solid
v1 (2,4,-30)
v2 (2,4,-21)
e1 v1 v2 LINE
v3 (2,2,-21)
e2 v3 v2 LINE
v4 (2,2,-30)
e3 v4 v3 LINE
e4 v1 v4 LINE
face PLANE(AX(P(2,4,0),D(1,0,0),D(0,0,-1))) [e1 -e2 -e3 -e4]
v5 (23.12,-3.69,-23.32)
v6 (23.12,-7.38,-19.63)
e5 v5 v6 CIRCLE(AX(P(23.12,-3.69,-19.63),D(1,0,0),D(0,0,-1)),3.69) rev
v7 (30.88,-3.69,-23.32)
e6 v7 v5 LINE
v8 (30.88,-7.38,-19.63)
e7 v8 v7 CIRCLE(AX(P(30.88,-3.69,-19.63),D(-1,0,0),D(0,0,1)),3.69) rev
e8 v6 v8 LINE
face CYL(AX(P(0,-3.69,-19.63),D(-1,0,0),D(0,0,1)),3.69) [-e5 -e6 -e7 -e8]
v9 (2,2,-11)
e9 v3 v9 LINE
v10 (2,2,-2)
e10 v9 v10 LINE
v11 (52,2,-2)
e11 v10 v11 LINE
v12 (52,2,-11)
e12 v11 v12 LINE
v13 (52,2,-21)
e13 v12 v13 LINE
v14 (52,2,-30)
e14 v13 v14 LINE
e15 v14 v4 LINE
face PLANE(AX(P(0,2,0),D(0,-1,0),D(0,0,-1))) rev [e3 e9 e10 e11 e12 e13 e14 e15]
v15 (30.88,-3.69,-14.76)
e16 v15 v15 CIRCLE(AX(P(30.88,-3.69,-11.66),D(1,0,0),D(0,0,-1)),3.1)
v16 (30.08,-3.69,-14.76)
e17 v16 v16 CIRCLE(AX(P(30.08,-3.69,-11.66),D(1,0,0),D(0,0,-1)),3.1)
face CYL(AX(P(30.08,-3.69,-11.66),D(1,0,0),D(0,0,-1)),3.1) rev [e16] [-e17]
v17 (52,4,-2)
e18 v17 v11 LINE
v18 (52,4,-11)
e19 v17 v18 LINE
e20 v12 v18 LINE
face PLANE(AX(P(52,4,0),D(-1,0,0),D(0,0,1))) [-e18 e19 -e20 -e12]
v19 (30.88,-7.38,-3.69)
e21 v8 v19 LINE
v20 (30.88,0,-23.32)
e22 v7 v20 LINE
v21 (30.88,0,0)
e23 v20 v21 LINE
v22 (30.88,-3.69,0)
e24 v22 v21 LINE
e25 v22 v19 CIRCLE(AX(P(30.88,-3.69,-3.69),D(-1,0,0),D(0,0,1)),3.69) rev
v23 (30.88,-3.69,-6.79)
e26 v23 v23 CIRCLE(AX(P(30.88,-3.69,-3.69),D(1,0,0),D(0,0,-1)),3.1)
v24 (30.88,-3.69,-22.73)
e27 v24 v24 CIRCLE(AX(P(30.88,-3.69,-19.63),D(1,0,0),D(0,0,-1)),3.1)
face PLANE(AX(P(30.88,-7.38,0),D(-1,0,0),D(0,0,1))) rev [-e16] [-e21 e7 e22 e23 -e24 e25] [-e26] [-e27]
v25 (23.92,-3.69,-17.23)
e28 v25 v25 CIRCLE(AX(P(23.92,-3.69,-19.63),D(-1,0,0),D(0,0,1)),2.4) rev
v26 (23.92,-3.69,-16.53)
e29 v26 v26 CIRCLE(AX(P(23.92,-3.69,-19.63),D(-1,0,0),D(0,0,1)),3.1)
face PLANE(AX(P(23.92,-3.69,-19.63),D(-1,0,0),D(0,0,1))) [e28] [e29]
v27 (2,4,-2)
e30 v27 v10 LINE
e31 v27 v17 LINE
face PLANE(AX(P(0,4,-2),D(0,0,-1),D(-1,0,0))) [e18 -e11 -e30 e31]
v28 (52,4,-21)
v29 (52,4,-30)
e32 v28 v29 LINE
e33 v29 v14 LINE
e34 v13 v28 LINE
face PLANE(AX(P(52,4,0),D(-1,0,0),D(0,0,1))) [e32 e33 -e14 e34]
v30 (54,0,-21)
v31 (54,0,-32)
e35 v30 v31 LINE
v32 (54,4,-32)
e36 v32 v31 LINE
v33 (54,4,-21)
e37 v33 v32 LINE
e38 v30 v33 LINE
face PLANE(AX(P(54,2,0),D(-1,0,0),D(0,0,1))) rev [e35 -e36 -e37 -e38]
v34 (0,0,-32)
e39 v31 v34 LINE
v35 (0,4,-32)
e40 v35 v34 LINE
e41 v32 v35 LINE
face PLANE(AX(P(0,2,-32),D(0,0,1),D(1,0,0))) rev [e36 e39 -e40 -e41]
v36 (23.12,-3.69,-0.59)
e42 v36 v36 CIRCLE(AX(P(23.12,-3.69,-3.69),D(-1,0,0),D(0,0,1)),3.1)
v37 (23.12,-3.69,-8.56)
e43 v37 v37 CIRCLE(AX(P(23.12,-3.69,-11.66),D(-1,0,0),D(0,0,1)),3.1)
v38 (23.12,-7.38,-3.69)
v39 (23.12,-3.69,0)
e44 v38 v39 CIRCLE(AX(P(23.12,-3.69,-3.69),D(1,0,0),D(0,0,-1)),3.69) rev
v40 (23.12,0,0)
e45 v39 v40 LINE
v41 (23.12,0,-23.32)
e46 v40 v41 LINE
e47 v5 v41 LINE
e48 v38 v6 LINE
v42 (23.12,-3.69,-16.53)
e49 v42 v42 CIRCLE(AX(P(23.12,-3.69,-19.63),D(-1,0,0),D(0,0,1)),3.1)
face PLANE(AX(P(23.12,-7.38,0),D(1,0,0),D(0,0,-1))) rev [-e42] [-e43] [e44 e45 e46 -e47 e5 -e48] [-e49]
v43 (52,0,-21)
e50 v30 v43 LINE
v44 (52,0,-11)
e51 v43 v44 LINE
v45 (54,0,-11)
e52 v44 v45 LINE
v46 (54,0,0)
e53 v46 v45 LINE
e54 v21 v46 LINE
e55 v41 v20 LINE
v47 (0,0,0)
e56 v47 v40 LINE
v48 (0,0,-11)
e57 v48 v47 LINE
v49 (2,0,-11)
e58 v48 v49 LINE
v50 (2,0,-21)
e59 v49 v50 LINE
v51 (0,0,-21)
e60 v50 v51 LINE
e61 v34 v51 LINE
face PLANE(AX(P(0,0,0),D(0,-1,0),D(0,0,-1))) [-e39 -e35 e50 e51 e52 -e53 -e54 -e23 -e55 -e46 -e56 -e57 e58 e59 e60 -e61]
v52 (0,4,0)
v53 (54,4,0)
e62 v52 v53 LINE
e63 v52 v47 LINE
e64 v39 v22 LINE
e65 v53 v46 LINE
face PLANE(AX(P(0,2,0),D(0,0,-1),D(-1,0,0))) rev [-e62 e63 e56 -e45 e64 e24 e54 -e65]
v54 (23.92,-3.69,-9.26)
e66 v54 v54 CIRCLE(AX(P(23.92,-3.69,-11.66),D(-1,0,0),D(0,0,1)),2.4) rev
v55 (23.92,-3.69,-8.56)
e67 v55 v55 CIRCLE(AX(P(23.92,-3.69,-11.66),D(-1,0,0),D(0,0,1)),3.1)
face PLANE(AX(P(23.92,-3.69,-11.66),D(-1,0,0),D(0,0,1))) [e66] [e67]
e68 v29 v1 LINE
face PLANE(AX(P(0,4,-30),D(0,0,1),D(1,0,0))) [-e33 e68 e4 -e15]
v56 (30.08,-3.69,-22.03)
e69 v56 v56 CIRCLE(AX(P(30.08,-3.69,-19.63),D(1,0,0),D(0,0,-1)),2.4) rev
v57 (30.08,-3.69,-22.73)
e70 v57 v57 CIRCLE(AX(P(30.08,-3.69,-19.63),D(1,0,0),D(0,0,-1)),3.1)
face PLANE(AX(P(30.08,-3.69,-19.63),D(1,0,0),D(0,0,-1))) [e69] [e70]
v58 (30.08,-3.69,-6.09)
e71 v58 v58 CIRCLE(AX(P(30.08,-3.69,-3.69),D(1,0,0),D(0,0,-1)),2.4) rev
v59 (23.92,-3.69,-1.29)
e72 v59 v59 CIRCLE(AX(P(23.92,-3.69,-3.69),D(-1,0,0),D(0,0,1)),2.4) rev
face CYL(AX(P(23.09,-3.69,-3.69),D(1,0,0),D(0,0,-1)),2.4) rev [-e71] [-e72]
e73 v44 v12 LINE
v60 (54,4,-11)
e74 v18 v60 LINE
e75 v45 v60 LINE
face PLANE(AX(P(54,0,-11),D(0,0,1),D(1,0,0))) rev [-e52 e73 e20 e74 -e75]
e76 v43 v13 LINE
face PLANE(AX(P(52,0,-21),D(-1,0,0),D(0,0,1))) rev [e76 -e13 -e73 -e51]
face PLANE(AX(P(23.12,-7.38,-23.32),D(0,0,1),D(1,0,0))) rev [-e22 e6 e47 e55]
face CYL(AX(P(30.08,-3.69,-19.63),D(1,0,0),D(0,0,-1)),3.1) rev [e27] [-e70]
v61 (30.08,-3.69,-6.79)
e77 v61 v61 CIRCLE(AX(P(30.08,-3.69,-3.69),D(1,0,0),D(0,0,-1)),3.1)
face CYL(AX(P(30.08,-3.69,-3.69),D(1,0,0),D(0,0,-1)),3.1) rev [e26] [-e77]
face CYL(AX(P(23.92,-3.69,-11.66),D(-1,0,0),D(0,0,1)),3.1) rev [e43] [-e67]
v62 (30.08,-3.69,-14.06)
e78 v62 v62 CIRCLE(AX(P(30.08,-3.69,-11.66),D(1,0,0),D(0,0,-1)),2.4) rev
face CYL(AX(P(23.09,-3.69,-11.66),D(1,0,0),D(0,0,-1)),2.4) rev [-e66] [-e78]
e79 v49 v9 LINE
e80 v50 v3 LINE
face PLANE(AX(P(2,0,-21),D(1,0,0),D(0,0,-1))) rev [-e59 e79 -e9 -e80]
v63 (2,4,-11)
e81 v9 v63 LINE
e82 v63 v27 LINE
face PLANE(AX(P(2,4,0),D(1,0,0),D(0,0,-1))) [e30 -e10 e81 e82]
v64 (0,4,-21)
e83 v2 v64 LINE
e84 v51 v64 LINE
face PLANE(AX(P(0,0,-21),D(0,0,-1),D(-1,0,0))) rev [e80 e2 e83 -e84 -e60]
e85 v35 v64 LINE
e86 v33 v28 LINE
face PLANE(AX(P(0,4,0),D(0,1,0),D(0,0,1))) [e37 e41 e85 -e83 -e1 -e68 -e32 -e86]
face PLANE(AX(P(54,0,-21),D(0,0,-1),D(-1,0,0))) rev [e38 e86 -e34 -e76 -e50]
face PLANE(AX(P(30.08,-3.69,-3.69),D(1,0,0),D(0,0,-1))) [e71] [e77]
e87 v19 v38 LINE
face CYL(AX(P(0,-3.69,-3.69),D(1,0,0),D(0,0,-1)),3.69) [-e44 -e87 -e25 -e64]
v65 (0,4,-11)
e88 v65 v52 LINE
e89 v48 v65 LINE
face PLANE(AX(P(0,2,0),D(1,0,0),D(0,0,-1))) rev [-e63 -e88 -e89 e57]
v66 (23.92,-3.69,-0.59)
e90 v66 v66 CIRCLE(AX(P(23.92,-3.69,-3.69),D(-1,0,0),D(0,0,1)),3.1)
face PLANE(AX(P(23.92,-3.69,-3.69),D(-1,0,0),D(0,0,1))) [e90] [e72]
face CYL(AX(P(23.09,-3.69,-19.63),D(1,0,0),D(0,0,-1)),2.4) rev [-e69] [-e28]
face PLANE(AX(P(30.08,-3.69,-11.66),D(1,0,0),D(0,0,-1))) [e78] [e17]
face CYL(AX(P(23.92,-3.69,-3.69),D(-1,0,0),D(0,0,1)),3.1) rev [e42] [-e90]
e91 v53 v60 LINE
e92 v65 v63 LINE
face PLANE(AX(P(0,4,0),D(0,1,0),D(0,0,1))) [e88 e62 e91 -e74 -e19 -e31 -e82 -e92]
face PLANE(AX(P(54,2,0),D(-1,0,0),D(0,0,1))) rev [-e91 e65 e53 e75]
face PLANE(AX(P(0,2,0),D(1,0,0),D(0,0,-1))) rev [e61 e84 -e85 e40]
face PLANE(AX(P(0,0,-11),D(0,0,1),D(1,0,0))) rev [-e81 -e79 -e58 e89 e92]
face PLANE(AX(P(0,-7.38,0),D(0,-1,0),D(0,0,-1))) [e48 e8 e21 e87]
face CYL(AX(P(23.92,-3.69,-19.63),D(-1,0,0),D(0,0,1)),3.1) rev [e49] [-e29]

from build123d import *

# Parameters (mm, degrees)
SKETCH1_W           = 54
SKETCH1_H           = 32
BOSS_EXTRUDE1_DEPTH = 2
SKETCH2_W           = 54
SKETCH2_H           = 32
SKETCH2_W_2         = 50
SKETCH2_H_2         = 28
BOSS_EXTRUDE2_DEPTH = 2
SKETCH3_W           = 2
SKETCH3_H           = 10
CUT_EXTRUDE1_DEPTH  = 4
SKETCH4_W           = 7.76
SKETCH4_H           = 23.32
BOSS_EXTRUDE3_DEPTH = 7.38
SKETCH5_R           = 2.4
CUT_EXTRUDE2_DEPTH  = 7.79
SKETCH6_R           = 3.1
CUT_EXTRUDE3_DEPTH  = 0.8
CUT_EXTRUDE4_START  = -0.8
SKETCH7_R           = 3.1
CUT_EXTRUDE4_DEPTH  = 0.8
FILLET1_R           = 3.69


with BuildPart() as part:
    # Sketch1 → Boss-Extrude1 (new body)
    with BuildSketch(Plane(origin=(0, 0, 0), x_dir=(1, 0, 0), z_dir=(0, 1, 0))):
        with Locations((27, 16)):
            Rectangle(SKETCH1_W, SKETCH1_H)
    extrude(amount=BOSS_EXTRUDE1_DEPTH)

    # Sketch2 → Boss-Extrude2 (add)
    with BuildSketch(Plane(origin=(0, 2, 0), x_dir=(1, 0, 0), z_dir=(0, 1, 0))):
        with Locations((27, 16)):
            Rectangle(SKETCH2_W, SKETCH2_H)
        with Locations((27, 16)):
            Rectangle(SKETCH2_W_2, SKETCH2_H_2, mode=Mode.SUBTRACT)
    extrude(amount=BOSS_EXTRUDE2_DEPTH)

    # Sketch3 → Cut-Extrude1 (cut)
    with BuildSketch(Plane(origin=(0, 4, 0), x_dir=(1, 0, 0), z_dir=(0, 1, 0))):
        with Locations((1, 16)):
            Rectangle(SKETCH3_W, SKETCH3_H)
        with Locations((53, 16)):
            Rectangle(SKETCH3_W, SKETCH3_H)
    extrude(amount=-CUT_EXTRUDE1_DEPTH, mode=Mode.SUBTRACT)

    # Sketch4 → Boss-Extrude3 (add)
    with BuildSketch(Plane.XZ):
        with Locations((27, -11.66)):
            Rectangle(SKETCH4_W, SKETCH4_H)
    extrude(amount=BOSS_EXTRUDE3_DEPTH)

    # Sketch5 → Cut-Extrude2 (cut)
    with BuildSketch(Plane(origin=(30.88, 0, 0), x_dir=(0, 0, -1), z_dir=(1, 0, 0))):
        with Locations((3.69, -3.69)):
            Circle(SKETCH5_R)
        with Locations((11.66, -3.69)):
            Circle(SKETCH5_R)
        with Locations((19.63, -3.69)):
            Circle(SKETCH5_R)
    extrude(amount=-CUT_EXTRUDE2_DEPTH, mode=Mode.SUBTRACT)

    # Sketch6 → Cut-Extrude3 (cut)
    with BuildSketch(Plane.ZY.offset(-23.12)):
        with Locations((-11.66, -3.69)):
            Circle(SKETCH6_R)
        with Locations((-3.69, -3.69)):
            Circle(SKETCH6_R)
        with Locations((-19.63, -3.69)):
            Circle(SKETCH6_R)
    extrude(amount=-CUT_EXTRUDE3_DEPTH, mode=Mode.SUBTRACT)

    # Sketch7 → Cut-Extrude4 (cut)
    with BuildSketch(Plane(origin=(30.88, 0, 0), x_dir=(0, 0, -1), z_dir=(1, 0, 0)).offset(CUT_EXTRUDE4_START)):
        with Locations(Location((3.69, -3.69, 0), (0, 0, 180))):
            Circle(SKETCH7_R)
        with Locations(Location((11.66, -3.69, 0), (0, 0, 180))):
            Circle(SKETCH7_R)
        with Locations(Location((19.63, -3.69, 0), (0, 0, 180))):
            Circle(SKETCH7_R)
    extrude(amount=CUT_EXTRUDE4_DEPTH, mode=Mode.SUBTRACT)

    # Fillet1
    fillet1_edges = [part.edges().sort_by_distance(p)[0] for p in [
        (27, -7.38, -23.32),
        (27, -7.38, 0),
    ]]
    fillet(fillet1_edges, radius=FILLET1_R)


solid = part.part
